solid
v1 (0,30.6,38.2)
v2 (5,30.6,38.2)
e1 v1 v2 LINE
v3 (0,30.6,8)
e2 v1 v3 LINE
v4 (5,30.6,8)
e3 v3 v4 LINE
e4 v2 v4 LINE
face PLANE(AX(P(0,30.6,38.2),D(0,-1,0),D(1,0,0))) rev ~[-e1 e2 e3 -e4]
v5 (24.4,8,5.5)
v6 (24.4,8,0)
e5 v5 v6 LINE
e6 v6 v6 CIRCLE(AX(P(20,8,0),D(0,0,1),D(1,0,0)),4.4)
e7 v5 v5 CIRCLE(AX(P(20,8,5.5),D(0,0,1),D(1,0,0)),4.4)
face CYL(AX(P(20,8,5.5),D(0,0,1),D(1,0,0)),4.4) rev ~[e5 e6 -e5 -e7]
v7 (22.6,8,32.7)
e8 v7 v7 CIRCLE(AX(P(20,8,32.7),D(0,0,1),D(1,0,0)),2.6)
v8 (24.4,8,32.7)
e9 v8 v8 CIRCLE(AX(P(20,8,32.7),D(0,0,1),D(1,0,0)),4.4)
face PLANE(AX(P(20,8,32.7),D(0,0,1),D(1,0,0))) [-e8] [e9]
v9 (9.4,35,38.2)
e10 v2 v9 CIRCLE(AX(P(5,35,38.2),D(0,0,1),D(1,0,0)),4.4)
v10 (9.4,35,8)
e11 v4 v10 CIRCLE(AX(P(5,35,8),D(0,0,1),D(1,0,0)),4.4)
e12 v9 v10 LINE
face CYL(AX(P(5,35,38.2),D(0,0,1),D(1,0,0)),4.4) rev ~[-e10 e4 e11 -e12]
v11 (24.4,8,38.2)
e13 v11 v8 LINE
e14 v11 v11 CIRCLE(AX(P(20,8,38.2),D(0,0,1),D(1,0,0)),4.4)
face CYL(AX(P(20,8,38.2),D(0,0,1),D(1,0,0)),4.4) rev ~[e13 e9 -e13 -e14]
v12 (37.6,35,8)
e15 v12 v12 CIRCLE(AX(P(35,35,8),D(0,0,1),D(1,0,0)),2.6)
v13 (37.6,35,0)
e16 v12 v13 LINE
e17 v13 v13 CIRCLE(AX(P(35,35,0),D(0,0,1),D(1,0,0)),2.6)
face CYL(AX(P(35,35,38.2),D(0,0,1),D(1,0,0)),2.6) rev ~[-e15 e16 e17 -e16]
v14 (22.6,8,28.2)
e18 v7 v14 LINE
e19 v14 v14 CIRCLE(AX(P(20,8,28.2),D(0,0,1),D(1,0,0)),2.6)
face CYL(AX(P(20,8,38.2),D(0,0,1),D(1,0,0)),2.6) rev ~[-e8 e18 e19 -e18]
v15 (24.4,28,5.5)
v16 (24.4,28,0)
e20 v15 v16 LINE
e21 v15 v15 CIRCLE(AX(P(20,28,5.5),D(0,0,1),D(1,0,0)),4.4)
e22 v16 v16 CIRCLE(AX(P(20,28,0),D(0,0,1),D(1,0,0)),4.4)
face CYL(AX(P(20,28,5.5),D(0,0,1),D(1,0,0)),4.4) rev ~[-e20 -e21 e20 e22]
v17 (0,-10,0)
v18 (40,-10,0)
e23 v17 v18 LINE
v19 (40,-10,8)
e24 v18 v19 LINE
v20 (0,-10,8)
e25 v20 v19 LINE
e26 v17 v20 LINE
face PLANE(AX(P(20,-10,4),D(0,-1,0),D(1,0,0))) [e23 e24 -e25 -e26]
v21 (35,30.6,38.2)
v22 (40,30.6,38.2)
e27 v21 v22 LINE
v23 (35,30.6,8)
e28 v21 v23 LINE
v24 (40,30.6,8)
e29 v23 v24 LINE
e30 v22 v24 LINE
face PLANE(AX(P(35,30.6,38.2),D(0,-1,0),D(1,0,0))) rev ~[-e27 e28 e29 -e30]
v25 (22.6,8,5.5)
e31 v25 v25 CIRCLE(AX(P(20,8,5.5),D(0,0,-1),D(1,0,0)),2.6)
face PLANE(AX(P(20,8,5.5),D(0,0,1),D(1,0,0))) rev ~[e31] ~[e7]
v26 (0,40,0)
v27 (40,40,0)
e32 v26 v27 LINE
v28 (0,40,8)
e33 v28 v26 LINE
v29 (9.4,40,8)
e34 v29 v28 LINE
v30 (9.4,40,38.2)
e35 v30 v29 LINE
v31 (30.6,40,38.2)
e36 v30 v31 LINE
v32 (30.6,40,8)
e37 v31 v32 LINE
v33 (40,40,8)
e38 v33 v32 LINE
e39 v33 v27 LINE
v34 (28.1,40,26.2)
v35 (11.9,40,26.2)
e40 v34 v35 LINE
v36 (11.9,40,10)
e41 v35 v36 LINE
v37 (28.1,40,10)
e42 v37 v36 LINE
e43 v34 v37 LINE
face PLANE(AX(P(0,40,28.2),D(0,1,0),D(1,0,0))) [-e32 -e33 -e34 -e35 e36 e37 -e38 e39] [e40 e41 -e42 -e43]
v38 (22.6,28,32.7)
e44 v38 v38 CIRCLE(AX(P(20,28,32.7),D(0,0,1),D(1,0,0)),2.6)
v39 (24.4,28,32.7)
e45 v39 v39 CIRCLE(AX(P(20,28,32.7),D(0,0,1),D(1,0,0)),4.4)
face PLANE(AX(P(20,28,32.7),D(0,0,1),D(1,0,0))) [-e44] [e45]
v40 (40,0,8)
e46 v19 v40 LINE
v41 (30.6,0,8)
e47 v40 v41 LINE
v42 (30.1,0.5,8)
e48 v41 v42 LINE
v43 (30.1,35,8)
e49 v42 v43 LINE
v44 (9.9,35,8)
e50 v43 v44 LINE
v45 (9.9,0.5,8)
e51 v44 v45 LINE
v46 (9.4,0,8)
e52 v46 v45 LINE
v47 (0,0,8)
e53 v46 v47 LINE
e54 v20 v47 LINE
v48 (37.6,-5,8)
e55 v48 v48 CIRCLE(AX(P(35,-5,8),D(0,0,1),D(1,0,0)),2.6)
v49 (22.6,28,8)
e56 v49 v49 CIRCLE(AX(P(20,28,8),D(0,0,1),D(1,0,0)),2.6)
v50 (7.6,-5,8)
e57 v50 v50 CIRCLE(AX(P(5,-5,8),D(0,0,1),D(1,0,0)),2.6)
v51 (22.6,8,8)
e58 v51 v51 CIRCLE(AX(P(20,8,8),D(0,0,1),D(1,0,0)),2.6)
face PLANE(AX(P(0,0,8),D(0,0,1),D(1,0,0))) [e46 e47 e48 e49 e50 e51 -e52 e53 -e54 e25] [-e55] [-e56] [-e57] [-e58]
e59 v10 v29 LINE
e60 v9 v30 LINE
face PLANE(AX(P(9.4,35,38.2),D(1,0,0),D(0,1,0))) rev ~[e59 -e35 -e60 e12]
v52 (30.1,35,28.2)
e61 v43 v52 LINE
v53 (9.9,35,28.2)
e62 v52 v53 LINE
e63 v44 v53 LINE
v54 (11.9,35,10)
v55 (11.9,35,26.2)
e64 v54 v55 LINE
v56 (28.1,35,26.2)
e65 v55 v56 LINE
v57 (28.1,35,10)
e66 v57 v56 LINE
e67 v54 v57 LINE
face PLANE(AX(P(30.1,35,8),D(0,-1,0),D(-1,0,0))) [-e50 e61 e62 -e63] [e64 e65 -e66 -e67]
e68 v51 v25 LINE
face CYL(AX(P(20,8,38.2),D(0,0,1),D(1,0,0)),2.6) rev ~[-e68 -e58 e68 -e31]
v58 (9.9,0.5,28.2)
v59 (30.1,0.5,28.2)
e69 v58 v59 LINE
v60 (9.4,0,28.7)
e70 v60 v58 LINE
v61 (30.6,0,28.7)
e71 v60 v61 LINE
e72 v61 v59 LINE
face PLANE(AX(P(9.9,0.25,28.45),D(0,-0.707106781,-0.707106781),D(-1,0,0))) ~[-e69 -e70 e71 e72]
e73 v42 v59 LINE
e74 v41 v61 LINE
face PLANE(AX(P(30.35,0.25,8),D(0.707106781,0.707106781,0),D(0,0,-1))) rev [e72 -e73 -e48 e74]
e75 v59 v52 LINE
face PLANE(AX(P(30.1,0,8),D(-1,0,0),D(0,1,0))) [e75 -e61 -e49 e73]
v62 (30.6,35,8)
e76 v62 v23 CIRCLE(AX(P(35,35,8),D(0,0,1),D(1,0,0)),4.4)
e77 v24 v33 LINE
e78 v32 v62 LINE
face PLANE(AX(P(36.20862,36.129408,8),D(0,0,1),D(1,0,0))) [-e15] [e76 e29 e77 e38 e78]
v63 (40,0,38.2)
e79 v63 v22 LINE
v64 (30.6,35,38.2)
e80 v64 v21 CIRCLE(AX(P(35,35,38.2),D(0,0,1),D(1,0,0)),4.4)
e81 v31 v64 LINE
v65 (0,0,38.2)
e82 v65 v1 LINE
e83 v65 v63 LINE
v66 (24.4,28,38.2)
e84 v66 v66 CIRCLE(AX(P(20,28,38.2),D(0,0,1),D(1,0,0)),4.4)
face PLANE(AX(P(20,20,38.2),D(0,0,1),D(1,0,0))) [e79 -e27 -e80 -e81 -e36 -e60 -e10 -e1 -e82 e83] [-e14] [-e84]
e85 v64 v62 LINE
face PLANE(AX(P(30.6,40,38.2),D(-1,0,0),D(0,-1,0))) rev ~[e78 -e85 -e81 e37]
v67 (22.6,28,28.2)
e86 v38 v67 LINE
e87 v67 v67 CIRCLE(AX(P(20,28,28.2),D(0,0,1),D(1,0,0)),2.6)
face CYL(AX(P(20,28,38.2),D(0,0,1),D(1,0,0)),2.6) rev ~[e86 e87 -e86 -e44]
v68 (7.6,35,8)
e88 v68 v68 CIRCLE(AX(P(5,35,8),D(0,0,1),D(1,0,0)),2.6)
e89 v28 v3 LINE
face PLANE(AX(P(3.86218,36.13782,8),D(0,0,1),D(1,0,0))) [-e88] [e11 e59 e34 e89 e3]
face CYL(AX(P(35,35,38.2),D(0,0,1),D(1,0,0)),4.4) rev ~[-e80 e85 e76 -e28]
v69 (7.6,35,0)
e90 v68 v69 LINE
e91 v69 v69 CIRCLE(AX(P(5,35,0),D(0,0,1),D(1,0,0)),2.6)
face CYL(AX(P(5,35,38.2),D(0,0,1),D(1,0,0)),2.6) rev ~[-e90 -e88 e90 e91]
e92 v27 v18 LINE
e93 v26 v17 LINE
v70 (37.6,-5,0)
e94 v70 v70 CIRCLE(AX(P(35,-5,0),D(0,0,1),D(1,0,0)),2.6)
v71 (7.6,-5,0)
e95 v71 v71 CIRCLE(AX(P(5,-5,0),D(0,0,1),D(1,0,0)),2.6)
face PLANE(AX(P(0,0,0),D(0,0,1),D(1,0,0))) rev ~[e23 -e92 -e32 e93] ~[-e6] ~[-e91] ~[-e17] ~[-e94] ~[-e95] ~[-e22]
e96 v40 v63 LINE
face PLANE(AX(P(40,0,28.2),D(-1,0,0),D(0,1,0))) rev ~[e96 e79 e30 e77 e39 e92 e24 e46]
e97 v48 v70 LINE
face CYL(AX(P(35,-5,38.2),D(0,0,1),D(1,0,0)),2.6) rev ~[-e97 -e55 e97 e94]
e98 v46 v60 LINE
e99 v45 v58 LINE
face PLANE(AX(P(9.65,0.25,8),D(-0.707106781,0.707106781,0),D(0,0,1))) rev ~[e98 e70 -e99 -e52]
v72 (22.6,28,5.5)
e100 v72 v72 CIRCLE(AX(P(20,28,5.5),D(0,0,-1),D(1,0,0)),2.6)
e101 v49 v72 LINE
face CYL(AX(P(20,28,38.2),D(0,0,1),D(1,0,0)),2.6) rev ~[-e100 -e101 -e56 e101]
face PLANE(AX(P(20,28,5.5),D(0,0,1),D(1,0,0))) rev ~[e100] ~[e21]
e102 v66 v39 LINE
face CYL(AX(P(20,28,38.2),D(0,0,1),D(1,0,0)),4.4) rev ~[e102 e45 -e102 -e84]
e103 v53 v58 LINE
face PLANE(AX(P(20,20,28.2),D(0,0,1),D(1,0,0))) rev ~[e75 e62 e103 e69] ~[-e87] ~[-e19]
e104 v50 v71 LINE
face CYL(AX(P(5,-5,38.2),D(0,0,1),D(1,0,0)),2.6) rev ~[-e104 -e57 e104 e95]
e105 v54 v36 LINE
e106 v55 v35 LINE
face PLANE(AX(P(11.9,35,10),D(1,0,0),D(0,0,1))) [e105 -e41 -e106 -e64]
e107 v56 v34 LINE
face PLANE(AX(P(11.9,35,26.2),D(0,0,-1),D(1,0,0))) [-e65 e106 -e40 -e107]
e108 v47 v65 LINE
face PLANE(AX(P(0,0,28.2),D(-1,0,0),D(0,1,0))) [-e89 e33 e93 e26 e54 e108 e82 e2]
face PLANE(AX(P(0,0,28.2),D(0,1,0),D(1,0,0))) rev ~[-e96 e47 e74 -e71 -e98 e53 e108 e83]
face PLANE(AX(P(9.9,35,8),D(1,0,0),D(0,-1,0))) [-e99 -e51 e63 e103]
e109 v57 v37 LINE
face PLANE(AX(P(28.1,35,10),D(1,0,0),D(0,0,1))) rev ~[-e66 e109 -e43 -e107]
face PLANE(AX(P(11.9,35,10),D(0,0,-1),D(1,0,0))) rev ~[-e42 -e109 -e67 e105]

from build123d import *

# Parameters (mm, degrees)
SKETCH1_W           = 40
SKETCH1_H           = 40
BOSS_EXTRUDE1_DEPTH = 8
SKETCH6_W           = 40
SKETCH6_H           = 8
BOSS_EXTRUDE4_DEPTH = 10
BOSS_EXTRUDE2_DEPTH = 20.2
SKETCH3_W           = 40
SKETCH3_H           = 40
BOSS_EXTRUDE3_DEPTH = 10
SKETCH4_R           = 2.6
CUT_EXTRUDE1_DEPTH  = 69.258625829
SKETCH5_R           = 4.4
SKETCH5_R_2         = 2.6
CUT_EXTRUDE2_DEPTH  = 30.2
SKETCH5_3_R         = 4.4
SKETCH5_3_R_2       = 2.6
CUT_EXTRUDE3_DEPTH  = 5.5
CUT_EXTRUDE4_START  = -32.7
SKETCH5_4_R         = 4.4
SKETCH5_4_R_2       = 2.6
CUT_EXTRUDE4_DEPTH  = 5.5
SKETCH7_W           = 16.2
SKETCH7_H           = 16.2
CUT_EXTRUDE5_DEPTH  = 10
CHAMFER1_SIZE       = 0.5


with BuildPart() as part:
    # Sketch1 → Boss-Extrude1 (new body)
    with BuildSketch(Plane.XY):
        with Locations((20, 20)):
            Rectangle(SKETCH1_W, SKETCH1_H)
    extrude(amount=BOSS_EXTRUDE1_DEPTH)

    # Sketch6 → Boss-Extrude4 (add)
    with BuildSketch(Plane.XZ):
        with Locations((20, 4)):
            Rectangle(SKETCH6_W, SKETCH6_H)
    extrude(amount=BOSS_EXTRUDE4_DEPTH)

    # Sketch2 → Boss-Extrude2 (add)
    with BuildSketch(Plane.XY.offset(8)):
        Polygon((0, 40), (10, 40), (30, 40), (40, 40), (40, 0), (30.1, 0), (30.1, 35), (9.9, 35), (9.9, 0), (0, 0), align=None)
    extrude(amount=BOSS_EXTRUDE2_DEPTH)

    # Sketch3 → Boss-Extrude3 (add)
    with BuildSketch(Plane.XY.offset(28.2)):
        with Locations((20, 20)):
            Rectangle(SKETCH3_W, SKETCH3_H)
    extrude(amount=BOSS_EXTRUDE3_DEPTH)

    # Sketch4 → Cut-Extrude1 (cut, through all)
    with BuildSketch(Plane.XY.offset(38.2)):
        with Locations((35, 35)):
            Circle(SKETCH4_R)
        with Locations((35, -5)):
            Circle(SKETCH4_R)
        with Locations((5, 35)):
            Circle(SKETCH4_R)
        with Locations((5, -5)):
            Circle(SKETCH4_R)
        with Locations((20, 28)):
            Circle(SKETCH4_R)
        with Locations((20, 8)):
            Circle(SKETCH4_R)
    extrude(amount=-CUT_EXTRUDE1_DEPTH, mode=Mode.SUBTRACT)

    # Sketch5 → Cut-Extrude2 (cut)
    # profile 1 of 8: a face of its own
    with BuildSketch(Plane.XY.offset(38.2)):
        with Locations((5, 35)):
            Circle(SKETCH5_R)
        with Locations((5, 35)):
            Circle(SKETCH5_R_2, mode=Mode.SUBTRACT)
    # profile 2 of 8: a face of its own
    with BuildSketch(Plane.XY.offset(38.2)):
        with Locations((35, 35)):
            Circle(SKETCH5_R)
        with Locations((35, 35)):
            Circle(SKETCH5_R_2, mode=Mode.SUBTRACT)
    # profile 3 of 8: a face of its own
    with BuildSketch(Plane.XY.offset(38.2)):
        with Locations((35, -5)):
            Circle(SKETCH5_R)
    # profile 4 of 8: a face of its own
    with BuildSketch(Plane.XY.offset(38.2)):
        with Locations((5, -5)):
            Circle(SKETCH5_R)
    # profile 5 of 8: a face of its own
    with BuildSketch(Plane.XY.offset(38.2)):
        with BuildLine():
            ThreePointArc((5, 30.6), (1.888730163, 38.111269837), (9.4, 35))
            Line((9.4, 35), (9.4, 40))
            Line((9.4, 40), (0, 40))
            Line((0, 40), (0, 30.6))
            Line((0, 30.6), (5, 30.6))
        make_face()
    # profile 6 of 8: a face of its own
    with BuildSketch(Plane.XY.offset(38.2)):
        with BuildLine():
            Line((40, 40), (30.6, 40))
            Line((30.6, 40), (30.6, 35))
            ThreePointArc((30.6, 35), (35, 39.4), (39.4, 35))
            ThreePointArc((39.4, 35), (38.111269837, 31.888730163), (35, 30.6))
            Line((35, 30.6), (40, 30.6))
            Line((40, 30.6), (40, 40))
        make_face()
    # profile 7 of 8: a face of its own
    with BuildSketch(Plane.XY.offset(38.2)):
        with Locations((35, -5)):
            Circle(SKETCH5_R)
    # profile 8 of 8: a face of its own
    with BuildSketch(Plane.XY.offset(38.2)):
        with Locations((5, -5)):
            Circle(SKETCH5_R)
    extrude(amount=-CUT_EXTRUDE2_DEPTH, mode=Mode.SUBTRACT)

    # Sketch5<3> → Cut-Extrude3 (cut)
    # profile 1 of 2: a face of its own
    with BuildSketch(Plane.XY.offset(38.2)):
        with Locations((20, 28)):
            Circle(SKETCH5_3_R)
        with Locations((20, 28)):
            Circle(SKETCH5_3_R_2, mode=Mode.SUBTRACT)
    # profile 2 of 2: a face of its own
    with BuildSketch(Plane.XY.offset(38.2)):
        with Locations((20, 8)):
            Circle(SKETCH5_3_R)
        with Locations((20, 8)):
            Circle(SKETCH5_3_R_2, mode=Mode.SUBTRACT)
    extrude(amount=-CUT_EXTRUDE3_DEPTH, mode=Mode.SUBTRACT)

    # Sketch5<4> → Cut-Extrude4 (cut)
    # profile 1 of 2: a face of its own
    with BuildSketch(Plane.XY.offset(38.2).offset(CUT_EXTRUDE4_START)):
        with Locations((20, 28)):
            Circle(SKETCH5_4_R)
        with Locations(Location((20, 28, 0), (0, 0, 180))):
            Circle(SKETCH5_4_R_2, mode=Mode.SUBTRACT)
    # profile 2 of 2: a face of its own
    with BuildSketch(Plane.XY.offset(38.2).offset(CUT_EXTRUDE4_START)):
        with Locations((20, 8)):
            Circle(SKETCH5_4_R)
        with Locations(Location((20, 8, 0), (0, 0, 180))):
            Circle(SKETCH5_4_R_2, mode=Mode.SUBTRACT)
    extrude(amount=-CUT_EXTRUDE4_DEPTH, mode=Mode.SUBTRACT)

    # Sketch7 → Cut-Extrude5 (cut)
    with BuildSketch(Plane.XZ.offset(-35)):
        with Locations((20, 18.1)):
            Rectangle(SKETCH7_W, SKETCH7_H)
    extrude(amount=-CUT_EXTRUDE5_DEPTH, mode=Mode.SUBTRACT)

    # Chamfer1
    chamfer1_edges = [part.edges().sort_by_distance(p)[0] for p in [
        (9.9, 0, 18.1),
        (30.1, 0, 18.1),
        (20, 0, 28.2),
    ]]
    chamfer(chamfer1_edges, length=CHAMFER1_SIZE)


solid = part.part
